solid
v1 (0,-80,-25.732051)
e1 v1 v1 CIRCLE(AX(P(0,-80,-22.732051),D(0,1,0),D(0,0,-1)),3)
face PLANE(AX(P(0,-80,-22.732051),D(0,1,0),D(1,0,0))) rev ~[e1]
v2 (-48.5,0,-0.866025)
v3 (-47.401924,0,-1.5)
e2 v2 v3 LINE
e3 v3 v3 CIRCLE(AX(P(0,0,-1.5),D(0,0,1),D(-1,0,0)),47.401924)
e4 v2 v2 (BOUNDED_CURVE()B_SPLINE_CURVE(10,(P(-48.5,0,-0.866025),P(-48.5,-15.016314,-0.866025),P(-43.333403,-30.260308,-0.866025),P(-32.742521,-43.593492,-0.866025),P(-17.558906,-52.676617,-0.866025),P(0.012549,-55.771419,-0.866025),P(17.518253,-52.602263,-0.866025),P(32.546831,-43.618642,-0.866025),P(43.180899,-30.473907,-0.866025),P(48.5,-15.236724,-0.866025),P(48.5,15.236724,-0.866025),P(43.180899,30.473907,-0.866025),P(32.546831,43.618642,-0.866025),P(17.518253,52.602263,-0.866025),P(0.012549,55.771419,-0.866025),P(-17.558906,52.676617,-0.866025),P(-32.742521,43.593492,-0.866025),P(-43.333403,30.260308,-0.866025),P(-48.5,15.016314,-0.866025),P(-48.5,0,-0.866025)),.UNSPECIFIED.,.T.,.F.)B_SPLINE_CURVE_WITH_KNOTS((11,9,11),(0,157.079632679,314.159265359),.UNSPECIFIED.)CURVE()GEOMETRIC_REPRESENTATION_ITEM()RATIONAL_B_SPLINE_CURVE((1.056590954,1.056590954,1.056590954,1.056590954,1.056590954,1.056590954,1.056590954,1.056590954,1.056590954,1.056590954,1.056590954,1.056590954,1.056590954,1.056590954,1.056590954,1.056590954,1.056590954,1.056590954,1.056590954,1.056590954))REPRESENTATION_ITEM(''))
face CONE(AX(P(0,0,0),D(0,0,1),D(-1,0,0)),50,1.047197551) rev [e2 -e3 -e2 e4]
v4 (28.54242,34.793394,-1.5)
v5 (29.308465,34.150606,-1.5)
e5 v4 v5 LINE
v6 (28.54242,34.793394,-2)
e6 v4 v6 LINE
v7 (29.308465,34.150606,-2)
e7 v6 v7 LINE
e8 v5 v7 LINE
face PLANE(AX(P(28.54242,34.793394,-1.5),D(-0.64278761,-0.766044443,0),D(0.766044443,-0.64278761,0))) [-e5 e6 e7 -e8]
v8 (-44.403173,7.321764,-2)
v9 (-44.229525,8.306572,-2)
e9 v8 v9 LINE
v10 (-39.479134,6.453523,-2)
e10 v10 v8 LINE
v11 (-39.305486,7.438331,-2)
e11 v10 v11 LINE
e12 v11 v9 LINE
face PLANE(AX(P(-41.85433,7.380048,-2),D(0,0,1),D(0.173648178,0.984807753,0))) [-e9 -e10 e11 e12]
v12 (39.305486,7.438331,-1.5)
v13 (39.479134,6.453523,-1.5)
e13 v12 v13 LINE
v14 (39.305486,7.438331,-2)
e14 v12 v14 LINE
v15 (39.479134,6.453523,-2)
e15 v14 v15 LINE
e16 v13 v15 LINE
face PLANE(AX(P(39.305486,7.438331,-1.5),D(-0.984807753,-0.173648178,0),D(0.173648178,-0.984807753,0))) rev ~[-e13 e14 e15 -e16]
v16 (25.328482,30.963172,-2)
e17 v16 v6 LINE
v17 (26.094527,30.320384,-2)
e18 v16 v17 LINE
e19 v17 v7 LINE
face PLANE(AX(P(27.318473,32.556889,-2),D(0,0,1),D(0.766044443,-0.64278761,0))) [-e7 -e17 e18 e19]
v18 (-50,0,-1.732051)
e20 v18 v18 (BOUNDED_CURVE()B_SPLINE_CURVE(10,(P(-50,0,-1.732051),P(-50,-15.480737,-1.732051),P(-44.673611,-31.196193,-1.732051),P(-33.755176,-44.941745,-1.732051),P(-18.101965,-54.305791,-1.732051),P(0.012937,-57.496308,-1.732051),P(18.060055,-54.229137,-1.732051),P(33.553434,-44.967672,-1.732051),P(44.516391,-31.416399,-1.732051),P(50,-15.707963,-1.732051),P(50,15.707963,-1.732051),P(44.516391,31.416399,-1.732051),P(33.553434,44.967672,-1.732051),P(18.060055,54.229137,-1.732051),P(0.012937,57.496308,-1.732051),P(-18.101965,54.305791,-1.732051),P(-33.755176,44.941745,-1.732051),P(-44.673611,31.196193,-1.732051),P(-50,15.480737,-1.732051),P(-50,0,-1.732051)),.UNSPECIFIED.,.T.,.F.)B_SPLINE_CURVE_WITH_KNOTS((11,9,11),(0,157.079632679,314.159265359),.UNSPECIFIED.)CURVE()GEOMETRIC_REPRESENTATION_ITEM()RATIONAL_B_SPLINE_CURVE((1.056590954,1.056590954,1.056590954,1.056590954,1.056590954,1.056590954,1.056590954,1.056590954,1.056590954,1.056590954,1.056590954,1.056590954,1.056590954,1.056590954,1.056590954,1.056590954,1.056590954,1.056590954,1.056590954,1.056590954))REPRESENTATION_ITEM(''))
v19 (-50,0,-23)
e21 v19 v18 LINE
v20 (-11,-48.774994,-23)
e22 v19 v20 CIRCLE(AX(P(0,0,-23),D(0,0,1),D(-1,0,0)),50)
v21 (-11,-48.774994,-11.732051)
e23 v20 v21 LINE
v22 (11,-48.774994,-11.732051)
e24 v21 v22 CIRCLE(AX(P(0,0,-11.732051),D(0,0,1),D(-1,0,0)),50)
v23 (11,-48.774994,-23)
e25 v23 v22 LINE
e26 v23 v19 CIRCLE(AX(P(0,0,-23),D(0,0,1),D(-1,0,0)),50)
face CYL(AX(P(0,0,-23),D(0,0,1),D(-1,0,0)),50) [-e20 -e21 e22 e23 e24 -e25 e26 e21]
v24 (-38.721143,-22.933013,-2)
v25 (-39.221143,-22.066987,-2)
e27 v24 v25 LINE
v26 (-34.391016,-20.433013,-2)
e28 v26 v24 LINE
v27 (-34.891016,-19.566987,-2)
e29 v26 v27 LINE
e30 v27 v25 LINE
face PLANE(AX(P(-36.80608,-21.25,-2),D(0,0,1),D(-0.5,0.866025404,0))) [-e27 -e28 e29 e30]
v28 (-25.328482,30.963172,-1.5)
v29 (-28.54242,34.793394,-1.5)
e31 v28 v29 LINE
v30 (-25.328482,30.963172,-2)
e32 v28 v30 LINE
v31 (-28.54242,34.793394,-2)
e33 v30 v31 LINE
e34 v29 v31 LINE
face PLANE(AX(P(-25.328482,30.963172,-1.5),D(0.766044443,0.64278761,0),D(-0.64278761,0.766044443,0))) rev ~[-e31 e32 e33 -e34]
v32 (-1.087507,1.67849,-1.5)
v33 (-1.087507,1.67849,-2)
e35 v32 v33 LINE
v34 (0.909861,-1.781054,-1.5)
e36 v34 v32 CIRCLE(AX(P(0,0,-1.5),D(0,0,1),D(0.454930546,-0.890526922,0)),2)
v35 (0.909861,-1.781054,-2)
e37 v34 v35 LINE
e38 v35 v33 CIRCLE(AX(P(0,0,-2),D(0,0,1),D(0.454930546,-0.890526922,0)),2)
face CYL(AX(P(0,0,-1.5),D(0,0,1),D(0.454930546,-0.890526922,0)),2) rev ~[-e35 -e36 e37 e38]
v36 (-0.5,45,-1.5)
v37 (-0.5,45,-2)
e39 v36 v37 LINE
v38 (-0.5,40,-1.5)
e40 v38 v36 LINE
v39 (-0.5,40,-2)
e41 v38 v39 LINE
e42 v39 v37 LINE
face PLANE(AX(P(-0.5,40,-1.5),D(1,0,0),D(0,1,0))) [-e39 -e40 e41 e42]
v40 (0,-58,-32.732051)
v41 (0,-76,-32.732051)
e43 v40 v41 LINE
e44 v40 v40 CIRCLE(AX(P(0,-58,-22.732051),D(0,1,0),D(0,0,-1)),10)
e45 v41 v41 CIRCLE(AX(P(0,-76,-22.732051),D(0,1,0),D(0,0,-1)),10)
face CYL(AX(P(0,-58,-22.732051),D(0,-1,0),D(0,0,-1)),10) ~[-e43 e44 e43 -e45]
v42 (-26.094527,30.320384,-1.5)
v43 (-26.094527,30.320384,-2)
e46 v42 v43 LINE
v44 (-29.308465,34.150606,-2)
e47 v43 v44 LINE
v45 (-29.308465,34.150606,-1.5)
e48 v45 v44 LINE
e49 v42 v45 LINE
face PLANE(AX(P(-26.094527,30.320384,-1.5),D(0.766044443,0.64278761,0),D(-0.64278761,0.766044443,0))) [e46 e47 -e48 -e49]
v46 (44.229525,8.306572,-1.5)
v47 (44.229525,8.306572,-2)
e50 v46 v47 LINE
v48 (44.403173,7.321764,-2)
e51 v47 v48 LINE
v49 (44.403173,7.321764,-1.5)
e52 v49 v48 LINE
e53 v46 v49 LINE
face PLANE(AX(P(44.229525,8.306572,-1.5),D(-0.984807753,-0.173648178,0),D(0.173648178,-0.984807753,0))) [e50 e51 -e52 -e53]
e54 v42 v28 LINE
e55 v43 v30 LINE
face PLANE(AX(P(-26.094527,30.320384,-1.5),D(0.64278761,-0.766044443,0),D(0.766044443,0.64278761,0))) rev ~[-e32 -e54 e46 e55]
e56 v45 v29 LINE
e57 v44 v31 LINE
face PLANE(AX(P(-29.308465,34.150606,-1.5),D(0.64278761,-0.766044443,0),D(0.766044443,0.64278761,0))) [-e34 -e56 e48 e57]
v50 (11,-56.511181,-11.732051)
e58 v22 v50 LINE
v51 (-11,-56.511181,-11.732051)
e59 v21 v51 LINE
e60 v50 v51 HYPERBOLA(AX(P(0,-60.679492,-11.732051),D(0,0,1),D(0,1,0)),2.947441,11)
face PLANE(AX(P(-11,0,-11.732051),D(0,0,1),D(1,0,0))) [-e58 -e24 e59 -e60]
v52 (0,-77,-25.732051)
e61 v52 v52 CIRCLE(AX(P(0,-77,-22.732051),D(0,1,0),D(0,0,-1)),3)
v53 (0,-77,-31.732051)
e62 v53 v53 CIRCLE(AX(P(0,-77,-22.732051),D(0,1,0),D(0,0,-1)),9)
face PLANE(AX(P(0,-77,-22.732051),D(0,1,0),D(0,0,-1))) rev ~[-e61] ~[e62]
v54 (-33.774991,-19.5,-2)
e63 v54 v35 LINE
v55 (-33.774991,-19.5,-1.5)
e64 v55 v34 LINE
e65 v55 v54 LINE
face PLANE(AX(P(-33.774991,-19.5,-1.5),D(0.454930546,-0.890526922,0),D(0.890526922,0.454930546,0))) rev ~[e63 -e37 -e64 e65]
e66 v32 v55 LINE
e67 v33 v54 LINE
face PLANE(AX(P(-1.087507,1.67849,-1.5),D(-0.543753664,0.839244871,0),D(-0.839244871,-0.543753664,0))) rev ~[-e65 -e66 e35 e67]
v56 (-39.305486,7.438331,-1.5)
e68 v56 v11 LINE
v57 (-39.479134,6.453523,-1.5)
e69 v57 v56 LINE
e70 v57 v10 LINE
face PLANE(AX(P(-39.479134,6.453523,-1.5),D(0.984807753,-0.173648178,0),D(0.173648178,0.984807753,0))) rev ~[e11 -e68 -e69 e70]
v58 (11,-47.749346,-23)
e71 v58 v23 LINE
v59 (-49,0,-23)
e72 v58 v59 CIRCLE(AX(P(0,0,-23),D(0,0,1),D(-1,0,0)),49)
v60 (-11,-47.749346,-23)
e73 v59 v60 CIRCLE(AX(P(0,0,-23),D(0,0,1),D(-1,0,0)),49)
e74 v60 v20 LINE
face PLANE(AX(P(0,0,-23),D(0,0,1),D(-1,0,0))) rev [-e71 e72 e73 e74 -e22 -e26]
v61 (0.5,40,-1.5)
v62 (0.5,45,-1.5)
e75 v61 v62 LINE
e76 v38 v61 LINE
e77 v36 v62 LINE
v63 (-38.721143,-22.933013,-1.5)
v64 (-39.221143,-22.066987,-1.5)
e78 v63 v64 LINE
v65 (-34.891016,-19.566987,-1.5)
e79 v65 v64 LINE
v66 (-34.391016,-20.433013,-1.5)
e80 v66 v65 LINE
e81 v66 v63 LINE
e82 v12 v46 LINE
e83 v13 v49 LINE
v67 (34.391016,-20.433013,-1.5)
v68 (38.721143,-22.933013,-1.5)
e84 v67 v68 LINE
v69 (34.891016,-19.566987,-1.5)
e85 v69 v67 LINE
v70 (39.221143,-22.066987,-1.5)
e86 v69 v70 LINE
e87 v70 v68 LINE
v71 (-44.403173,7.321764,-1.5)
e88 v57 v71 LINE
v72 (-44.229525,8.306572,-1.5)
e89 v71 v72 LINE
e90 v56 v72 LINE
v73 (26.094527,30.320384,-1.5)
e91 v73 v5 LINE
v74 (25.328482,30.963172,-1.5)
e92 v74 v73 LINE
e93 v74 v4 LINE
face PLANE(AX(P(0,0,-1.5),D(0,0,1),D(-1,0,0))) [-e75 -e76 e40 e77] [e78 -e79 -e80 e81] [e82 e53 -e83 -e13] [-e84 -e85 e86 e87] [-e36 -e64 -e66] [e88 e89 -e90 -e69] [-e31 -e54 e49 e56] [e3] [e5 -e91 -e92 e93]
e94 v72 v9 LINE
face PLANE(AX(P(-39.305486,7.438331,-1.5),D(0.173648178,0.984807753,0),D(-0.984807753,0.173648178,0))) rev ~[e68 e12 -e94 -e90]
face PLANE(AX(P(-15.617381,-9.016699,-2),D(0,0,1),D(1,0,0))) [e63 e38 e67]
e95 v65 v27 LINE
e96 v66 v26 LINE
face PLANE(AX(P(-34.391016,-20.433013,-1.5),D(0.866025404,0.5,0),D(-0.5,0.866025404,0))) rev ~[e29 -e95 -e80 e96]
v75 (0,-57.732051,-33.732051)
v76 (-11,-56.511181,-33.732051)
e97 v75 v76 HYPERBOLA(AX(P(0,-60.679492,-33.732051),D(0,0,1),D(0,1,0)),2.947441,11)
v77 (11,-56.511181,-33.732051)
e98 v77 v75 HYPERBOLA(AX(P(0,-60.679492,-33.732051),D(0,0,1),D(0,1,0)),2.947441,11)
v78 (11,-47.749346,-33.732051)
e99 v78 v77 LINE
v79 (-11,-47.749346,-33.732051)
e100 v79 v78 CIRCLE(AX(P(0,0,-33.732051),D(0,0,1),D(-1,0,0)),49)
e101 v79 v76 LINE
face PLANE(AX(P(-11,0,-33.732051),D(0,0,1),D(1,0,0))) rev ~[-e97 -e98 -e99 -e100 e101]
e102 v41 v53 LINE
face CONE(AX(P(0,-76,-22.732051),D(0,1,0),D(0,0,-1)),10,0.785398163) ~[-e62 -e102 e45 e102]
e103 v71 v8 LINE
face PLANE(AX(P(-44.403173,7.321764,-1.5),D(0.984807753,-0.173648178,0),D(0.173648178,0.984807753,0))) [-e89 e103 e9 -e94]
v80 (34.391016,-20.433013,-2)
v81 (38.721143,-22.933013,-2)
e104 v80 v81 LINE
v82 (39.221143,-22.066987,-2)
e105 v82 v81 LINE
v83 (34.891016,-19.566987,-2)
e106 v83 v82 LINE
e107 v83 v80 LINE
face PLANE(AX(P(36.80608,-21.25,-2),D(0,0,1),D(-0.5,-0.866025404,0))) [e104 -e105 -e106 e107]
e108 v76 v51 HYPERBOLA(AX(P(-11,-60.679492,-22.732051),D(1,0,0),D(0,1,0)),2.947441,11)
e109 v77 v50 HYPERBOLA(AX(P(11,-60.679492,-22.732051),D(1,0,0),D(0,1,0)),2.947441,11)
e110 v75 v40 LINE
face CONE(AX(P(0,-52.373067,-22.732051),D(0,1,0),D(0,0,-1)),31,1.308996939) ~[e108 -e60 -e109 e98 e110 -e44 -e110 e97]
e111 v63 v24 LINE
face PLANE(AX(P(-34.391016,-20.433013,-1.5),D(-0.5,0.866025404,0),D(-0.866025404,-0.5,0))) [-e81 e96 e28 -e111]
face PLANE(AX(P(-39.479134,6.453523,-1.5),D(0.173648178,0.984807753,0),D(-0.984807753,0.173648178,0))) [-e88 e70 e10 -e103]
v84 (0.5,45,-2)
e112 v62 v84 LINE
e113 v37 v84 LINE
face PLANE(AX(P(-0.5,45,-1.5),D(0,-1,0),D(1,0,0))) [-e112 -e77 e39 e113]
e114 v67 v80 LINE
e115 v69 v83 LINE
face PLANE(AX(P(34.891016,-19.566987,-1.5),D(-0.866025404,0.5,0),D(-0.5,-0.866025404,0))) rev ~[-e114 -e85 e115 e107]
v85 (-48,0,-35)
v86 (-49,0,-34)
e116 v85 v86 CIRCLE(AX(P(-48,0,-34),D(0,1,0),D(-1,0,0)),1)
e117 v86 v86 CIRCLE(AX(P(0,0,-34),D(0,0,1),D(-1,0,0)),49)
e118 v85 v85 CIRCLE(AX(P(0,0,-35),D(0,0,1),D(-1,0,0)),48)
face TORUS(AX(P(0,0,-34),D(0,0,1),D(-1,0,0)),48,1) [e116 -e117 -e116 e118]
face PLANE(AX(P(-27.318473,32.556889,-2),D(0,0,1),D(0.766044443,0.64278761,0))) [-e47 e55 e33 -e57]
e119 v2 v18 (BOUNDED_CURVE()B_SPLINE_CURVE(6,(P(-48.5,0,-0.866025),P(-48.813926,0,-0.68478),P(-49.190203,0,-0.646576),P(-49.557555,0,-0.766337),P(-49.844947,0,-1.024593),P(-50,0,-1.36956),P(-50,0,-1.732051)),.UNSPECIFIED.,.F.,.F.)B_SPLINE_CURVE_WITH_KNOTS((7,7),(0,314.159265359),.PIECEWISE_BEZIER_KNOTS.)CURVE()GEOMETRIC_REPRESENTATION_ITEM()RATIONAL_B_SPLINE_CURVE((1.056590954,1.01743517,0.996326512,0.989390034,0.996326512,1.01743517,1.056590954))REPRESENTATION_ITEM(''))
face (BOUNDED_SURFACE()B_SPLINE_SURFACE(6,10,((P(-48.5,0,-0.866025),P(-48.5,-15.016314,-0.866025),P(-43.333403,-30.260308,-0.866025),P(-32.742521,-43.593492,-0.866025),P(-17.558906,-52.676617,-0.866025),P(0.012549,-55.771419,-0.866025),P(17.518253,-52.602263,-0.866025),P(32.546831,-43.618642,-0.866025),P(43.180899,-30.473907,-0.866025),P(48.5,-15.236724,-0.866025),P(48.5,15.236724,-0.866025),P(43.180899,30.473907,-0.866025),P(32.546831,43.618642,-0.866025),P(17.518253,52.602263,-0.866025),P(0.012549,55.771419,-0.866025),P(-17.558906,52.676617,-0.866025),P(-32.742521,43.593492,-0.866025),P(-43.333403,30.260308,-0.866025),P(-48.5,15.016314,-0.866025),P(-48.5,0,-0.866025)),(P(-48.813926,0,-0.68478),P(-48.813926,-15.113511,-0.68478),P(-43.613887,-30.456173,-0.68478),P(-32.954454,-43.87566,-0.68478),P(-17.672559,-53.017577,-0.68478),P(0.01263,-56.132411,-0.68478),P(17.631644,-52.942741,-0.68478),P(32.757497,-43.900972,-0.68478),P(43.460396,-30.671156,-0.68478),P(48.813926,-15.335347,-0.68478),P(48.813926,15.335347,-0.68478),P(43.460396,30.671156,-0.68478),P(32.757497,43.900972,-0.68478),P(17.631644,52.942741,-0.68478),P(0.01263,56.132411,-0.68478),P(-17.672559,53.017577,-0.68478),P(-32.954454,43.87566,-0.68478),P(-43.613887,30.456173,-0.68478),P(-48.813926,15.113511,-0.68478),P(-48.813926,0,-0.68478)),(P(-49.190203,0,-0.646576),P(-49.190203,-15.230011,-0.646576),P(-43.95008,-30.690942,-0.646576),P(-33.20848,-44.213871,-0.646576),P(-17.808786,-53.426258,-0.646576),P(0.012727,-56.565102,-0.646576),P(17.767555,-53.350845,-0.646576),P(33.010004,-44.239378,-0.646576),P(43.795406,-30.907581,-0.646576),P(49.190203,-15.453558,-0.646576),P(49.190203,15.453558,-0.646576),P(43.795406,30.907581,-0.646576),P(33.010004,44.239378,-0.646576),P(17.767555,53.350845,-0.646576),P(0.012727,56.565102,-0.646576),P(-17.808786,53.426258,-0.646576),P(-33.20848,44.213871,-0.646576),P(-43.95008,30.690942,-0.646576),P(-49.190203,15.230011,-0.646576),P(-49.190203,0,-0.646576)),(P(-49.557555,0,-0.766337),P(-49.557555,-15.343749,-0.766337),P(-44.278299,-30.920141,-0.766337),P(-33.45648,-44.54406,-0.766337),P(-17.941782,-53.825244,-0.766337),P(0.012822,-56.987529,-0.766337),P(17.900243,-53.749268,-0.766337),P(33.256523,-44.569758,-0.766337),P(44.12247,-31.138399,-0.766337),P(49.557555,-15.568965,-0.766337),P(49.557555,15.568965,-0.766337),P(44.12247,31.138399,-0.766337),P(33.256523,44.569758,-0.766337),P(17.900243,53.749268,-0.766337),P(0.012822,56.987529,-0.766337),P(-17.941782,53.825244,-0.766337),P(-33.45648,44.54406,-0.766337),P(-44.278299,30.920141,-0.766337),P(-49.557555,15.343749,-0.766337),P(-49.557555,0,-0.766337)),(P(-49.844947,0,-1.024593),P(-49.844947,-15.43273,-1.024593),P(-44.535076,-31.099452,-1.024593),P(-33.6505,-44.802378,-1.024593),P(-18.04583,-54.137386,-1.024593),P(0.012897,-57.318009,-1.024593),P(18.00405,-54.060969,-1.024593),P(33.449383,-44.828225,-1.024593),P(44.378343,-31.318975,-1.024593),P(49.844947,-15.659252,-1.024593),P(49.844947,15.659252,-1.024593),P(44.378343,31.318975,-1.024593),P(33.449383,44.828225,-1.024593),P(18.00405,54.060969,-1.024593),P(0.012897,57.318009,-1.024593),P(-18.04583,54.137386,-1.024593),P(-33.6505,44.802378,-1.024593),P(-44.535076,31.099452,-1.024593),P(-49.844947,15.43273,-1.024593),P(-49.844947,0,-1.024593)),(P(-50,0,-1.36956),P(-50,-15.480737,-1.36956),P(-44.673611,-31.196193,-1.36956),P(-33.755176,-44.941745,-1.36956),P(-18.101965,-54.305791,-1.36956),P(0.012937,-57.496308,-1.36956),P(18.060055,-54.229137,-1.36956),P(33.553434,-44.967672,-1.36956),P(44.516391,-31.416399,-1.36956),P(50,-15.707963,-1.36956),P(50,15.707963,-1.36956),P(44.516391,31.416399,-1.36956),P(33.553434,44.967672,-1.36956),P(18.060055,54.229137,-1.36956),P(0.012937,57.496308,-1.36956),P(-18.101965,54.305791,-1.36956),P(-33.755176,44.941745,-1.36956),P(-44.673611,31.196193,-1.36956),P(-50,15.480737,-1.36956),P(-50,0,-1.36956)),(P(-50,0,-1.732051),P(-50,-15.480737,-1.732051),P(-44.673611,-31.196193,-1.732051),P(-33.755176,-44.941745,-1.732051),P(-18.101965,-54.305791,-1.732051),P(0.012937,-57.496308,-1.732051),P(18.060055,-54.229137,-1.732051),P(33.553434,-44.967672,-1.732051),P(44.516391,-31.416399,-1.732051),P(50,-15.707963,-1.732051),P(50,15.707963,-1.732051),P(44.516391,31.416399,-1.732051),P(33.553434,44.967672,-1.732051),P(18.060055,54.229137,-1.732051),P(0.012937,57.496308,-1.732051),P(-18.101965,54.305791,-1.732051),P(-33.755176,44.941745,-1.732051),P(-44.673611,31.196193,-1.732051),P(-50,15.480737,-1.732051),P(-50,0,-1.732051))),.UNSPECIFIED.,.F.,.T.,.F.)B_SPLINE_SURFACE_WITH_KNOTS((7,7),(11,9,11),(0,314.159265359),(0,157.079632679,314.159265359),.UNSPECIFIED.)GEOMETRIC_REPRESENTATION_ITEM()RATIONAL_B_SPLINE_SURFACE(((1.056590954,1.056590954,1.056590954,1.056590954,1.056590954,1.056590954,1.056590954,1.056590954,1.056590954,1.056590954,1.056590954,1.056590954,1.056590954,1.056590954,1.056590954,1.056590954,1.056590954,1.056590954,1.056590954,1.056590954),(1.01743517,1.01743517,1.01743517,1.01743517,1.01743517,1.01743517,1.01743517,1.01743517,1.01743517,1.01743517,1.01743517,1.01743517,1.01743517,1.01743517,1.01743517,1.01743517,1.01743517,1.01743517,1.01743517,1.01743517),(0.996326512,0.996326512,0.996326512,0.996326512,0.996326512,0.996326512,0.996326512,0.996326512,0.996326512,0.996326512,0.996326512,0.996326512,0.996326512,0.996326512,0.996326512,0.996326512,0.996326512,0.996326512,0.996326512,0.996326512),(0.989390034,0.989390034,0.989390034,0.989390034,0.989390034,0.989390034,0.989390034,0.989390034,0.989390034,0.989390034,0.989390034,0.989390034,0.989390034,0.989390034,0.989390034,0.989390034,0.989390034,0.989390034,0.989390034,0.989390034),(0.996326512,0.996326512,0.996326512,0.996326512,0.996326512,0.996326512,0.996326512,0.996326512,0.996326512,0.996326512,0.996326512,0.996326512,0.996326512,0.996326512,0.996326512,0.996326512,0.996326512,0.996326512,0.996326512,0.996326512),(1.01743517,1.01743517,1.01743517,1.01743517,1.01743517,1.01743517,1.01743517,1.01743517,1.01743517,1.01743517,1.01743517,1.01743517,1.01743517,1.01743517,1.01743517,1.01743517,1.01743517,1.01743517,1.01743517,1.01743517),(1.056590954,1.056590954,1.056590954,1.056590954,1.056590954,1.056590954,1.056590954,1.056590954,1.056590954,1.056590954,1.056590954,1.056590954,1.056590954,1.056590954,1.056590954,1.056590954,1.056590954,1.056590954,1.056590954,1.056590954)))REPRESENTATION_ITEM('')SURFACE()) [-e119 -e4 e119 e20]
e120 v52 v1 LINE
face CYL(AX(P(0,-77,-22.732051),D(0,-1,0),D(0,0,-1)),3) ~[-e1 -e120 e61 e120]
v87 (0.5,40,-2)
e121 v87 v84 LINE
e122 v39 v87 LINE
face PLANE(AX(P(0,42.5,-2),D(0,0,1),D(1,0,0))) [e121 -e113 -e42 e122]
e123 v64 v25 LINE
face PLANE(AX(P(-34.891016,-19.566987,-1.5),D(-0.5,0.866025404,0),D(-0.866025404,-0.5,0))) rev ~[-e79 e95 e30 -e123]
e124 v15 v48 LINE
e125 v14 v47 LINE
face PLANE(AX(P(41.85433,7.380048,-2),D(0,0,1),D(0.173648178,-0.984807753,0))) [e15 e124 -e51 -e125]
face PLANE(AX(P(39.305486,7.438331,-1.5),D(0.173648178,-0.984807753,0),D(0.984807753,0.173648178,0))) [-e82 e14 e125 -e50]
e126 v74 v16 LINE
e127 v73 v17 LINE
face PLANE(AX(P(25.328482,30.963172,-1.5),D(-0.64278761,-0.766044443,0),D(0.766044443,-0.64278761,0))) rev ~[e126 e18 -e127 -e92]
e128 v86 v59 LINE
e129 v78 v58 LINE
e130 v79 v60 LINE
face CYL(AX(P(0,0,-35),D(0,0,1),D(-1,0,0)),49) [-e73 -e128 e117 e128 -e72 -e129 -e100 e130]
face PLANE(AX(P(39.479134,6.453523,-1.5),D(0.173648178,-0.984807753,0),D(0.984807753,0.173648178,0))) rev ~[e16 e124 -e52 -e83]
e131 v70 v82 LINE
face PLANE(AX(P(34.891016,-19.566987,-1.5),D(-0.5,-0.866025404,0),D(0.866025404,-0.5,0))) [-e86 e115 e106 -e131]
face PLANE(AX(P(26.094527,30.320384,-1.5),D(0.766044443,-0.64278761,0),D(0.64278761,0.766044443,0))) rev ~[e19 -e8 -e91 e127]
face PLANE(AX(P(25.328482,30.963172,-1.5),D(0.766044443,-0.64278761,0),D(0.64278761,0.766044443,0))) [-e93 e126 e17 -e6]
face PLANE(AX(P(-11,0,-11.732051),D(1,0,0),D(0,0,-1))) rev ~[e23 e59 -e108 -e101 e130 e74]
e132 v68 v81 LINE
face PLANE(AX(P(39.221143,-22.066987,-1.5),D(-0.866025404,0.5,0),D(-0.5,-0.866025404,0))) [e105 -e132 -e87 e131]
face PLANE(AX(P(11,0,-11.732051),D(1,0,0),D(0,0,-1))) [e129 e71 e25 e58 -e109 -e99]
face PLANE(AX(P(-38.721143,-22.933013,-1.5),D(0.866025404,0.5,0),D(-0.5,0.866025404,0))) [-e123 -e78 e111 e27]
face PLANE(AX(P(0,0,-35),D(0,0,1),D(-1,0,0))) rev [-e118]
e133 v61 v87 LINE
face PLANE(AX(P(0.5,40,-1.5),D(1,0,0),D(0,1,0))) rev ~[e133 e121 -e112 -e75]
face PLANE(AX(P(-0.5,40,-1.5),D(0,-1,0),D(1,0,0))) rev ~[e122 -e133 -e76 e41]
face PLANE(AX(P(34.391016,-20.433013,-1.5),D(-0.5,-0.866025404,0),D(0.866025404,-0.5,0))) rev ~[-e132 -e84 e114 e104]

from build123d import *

# Parameters (mm, degrees)
ZAOBLIT1_R               = 1
SKICA2_W                 = 1
SKICA2_H                 = 5
ODEBRAT_VYSUNUT_M1_DEPTH = 0.5
KRUHOV_POLE1_COUNT       = 9
ODEBRAT_VYSUNUT_M2_DEPTH = 0.5
SKICA4_W                 = 22
SKICA4_H                 = 22
P_IDAT_VYSUNUT_M1_DEPTH  = 80
ZKOSEN_1_SIZE            = 1


with BuildPart() as part:
    # Skica1 → Rotovat1 (revolve)
    with BuildSketch(Plane(origin=(0, 0, 0), x_dir=(0, 0, -1), z_dir=(1, 0, 0)), mode=Mode.PRIVATE) as rotovat1_sk:
        Polygon((0, 50), (1.5, 47.401923789), (1.5, 0), (35, 0), (35, 49), (23, 49), (23, 50), align=None)
    revolve(rotovat1_sk.sketch.rotate(Axis((0, 0, 0), (0, 0, 1)), 90), axis=Axis((0, 0, 0), (0, 0, 1)))  # turned: the seam where the file's is

    # Zaoblit1
    zaoblit1_edges = [part.edges().sort_by_distance(p)[0] for p in [
        (50, 0, 0),
        (49, 0, -35),
    ]]
    fillet(zaoblit1_edges, radius=ZAOBLIT1_R)

    # Skica2 → Odebrat vysunutím1 (cut)
    with BuildSketch(Plane.XY.offset(-1.5)):
        with Locations((0, 42.5)):
            Rectangle(SKICA2_W, SKICA2_H)
    odebrat_vysunut_m1 = extrude(amount=-ODEBRAT_VYSUNUT_M1_DEPTH, mode=Mode.SUBTRACT)

    # Kruhové pole1: Odebrat vysunutím1 ×9 about axis, 2 skipped
    kruhov_pole1_axis = Axis((0, 0, 0), (0, 0, -1))
    add([odebrat_vysunut_m1.rotate(kruhov_pole1_axis, i * 360 / KRUHOV_POLE1_COUNT) for i in range(1, KRUHOV_POLE1_COUNT) if i not in (4, 5)], mode=Mode.SUBTRACT)

    # Skica3 → Odebrat vysunutím2 (cut)
    with BuildSketch(Plane.XY.offset(-1.5)):
        with BuildLine():
            Line((-1.087507328, 1.678489741), (-33.774990748, -19.5))
            Line((-33.774990748, -19.5), (0.909861092, -1.781053844))
            ThreePointArc((0.909861092, -1.781053844), (1.732050808, 1), (-1.087507328, 1.678489741))
        make_face()
    extrude(amount=-ODEBRAT_VYSUNUT_M2_DEPTH, mode=Mode.SUBTRACT)

    # Skica4 → Přidat vysunutím1 (add)
    with BuildSketch(Plane(origin=(0, 0, 0), x_dir=(1, 0, 0), z_dir=(0, 1, 0))):
        with Locations((0, 22.732050808)):
            Rectangle(SKICA4_W, SKICA4_H)
    extrude(amount=-P_IDAT_VYSUNUT_M1_DEPTH)

    # Skica5 → Odebrat rotací1 (revolve, cut)
    with BuildSketch(Plane(origin=(0, 0, 0), x_dir=(0, 0, -1), z_dir=(1, 0, 0)), mode=Mode.PRIVATE) as odebrat_rotac_1_sk:
        Polygon((-8.267949192, -52.373066959), (12.732050808, -58), (12.732050808, -77), (19.732050808, -77), (19.732050808, -80), (-8.267949192, -80), align=None)
    revolve(odebrat_rotac_1_sk.sketch.rotate(Axis((0, -80, -22.732050808), (0, 1, 0)), 180), axis=Axis((0, -80, -22.732050808), (0, 1, 0)), mode=Mode.SUBTRACT)  # turned: the seam where the file's is

    # Zkosení1
    zkosen_1_edges = [part.edges().sort_by_distance(p)[0] for p in [
        (0, -77, -12.732050808),
    ]]
    chamfer(zkosen_1_edges, length=ZKOSEN_1_SIZE)


solid = part.part
